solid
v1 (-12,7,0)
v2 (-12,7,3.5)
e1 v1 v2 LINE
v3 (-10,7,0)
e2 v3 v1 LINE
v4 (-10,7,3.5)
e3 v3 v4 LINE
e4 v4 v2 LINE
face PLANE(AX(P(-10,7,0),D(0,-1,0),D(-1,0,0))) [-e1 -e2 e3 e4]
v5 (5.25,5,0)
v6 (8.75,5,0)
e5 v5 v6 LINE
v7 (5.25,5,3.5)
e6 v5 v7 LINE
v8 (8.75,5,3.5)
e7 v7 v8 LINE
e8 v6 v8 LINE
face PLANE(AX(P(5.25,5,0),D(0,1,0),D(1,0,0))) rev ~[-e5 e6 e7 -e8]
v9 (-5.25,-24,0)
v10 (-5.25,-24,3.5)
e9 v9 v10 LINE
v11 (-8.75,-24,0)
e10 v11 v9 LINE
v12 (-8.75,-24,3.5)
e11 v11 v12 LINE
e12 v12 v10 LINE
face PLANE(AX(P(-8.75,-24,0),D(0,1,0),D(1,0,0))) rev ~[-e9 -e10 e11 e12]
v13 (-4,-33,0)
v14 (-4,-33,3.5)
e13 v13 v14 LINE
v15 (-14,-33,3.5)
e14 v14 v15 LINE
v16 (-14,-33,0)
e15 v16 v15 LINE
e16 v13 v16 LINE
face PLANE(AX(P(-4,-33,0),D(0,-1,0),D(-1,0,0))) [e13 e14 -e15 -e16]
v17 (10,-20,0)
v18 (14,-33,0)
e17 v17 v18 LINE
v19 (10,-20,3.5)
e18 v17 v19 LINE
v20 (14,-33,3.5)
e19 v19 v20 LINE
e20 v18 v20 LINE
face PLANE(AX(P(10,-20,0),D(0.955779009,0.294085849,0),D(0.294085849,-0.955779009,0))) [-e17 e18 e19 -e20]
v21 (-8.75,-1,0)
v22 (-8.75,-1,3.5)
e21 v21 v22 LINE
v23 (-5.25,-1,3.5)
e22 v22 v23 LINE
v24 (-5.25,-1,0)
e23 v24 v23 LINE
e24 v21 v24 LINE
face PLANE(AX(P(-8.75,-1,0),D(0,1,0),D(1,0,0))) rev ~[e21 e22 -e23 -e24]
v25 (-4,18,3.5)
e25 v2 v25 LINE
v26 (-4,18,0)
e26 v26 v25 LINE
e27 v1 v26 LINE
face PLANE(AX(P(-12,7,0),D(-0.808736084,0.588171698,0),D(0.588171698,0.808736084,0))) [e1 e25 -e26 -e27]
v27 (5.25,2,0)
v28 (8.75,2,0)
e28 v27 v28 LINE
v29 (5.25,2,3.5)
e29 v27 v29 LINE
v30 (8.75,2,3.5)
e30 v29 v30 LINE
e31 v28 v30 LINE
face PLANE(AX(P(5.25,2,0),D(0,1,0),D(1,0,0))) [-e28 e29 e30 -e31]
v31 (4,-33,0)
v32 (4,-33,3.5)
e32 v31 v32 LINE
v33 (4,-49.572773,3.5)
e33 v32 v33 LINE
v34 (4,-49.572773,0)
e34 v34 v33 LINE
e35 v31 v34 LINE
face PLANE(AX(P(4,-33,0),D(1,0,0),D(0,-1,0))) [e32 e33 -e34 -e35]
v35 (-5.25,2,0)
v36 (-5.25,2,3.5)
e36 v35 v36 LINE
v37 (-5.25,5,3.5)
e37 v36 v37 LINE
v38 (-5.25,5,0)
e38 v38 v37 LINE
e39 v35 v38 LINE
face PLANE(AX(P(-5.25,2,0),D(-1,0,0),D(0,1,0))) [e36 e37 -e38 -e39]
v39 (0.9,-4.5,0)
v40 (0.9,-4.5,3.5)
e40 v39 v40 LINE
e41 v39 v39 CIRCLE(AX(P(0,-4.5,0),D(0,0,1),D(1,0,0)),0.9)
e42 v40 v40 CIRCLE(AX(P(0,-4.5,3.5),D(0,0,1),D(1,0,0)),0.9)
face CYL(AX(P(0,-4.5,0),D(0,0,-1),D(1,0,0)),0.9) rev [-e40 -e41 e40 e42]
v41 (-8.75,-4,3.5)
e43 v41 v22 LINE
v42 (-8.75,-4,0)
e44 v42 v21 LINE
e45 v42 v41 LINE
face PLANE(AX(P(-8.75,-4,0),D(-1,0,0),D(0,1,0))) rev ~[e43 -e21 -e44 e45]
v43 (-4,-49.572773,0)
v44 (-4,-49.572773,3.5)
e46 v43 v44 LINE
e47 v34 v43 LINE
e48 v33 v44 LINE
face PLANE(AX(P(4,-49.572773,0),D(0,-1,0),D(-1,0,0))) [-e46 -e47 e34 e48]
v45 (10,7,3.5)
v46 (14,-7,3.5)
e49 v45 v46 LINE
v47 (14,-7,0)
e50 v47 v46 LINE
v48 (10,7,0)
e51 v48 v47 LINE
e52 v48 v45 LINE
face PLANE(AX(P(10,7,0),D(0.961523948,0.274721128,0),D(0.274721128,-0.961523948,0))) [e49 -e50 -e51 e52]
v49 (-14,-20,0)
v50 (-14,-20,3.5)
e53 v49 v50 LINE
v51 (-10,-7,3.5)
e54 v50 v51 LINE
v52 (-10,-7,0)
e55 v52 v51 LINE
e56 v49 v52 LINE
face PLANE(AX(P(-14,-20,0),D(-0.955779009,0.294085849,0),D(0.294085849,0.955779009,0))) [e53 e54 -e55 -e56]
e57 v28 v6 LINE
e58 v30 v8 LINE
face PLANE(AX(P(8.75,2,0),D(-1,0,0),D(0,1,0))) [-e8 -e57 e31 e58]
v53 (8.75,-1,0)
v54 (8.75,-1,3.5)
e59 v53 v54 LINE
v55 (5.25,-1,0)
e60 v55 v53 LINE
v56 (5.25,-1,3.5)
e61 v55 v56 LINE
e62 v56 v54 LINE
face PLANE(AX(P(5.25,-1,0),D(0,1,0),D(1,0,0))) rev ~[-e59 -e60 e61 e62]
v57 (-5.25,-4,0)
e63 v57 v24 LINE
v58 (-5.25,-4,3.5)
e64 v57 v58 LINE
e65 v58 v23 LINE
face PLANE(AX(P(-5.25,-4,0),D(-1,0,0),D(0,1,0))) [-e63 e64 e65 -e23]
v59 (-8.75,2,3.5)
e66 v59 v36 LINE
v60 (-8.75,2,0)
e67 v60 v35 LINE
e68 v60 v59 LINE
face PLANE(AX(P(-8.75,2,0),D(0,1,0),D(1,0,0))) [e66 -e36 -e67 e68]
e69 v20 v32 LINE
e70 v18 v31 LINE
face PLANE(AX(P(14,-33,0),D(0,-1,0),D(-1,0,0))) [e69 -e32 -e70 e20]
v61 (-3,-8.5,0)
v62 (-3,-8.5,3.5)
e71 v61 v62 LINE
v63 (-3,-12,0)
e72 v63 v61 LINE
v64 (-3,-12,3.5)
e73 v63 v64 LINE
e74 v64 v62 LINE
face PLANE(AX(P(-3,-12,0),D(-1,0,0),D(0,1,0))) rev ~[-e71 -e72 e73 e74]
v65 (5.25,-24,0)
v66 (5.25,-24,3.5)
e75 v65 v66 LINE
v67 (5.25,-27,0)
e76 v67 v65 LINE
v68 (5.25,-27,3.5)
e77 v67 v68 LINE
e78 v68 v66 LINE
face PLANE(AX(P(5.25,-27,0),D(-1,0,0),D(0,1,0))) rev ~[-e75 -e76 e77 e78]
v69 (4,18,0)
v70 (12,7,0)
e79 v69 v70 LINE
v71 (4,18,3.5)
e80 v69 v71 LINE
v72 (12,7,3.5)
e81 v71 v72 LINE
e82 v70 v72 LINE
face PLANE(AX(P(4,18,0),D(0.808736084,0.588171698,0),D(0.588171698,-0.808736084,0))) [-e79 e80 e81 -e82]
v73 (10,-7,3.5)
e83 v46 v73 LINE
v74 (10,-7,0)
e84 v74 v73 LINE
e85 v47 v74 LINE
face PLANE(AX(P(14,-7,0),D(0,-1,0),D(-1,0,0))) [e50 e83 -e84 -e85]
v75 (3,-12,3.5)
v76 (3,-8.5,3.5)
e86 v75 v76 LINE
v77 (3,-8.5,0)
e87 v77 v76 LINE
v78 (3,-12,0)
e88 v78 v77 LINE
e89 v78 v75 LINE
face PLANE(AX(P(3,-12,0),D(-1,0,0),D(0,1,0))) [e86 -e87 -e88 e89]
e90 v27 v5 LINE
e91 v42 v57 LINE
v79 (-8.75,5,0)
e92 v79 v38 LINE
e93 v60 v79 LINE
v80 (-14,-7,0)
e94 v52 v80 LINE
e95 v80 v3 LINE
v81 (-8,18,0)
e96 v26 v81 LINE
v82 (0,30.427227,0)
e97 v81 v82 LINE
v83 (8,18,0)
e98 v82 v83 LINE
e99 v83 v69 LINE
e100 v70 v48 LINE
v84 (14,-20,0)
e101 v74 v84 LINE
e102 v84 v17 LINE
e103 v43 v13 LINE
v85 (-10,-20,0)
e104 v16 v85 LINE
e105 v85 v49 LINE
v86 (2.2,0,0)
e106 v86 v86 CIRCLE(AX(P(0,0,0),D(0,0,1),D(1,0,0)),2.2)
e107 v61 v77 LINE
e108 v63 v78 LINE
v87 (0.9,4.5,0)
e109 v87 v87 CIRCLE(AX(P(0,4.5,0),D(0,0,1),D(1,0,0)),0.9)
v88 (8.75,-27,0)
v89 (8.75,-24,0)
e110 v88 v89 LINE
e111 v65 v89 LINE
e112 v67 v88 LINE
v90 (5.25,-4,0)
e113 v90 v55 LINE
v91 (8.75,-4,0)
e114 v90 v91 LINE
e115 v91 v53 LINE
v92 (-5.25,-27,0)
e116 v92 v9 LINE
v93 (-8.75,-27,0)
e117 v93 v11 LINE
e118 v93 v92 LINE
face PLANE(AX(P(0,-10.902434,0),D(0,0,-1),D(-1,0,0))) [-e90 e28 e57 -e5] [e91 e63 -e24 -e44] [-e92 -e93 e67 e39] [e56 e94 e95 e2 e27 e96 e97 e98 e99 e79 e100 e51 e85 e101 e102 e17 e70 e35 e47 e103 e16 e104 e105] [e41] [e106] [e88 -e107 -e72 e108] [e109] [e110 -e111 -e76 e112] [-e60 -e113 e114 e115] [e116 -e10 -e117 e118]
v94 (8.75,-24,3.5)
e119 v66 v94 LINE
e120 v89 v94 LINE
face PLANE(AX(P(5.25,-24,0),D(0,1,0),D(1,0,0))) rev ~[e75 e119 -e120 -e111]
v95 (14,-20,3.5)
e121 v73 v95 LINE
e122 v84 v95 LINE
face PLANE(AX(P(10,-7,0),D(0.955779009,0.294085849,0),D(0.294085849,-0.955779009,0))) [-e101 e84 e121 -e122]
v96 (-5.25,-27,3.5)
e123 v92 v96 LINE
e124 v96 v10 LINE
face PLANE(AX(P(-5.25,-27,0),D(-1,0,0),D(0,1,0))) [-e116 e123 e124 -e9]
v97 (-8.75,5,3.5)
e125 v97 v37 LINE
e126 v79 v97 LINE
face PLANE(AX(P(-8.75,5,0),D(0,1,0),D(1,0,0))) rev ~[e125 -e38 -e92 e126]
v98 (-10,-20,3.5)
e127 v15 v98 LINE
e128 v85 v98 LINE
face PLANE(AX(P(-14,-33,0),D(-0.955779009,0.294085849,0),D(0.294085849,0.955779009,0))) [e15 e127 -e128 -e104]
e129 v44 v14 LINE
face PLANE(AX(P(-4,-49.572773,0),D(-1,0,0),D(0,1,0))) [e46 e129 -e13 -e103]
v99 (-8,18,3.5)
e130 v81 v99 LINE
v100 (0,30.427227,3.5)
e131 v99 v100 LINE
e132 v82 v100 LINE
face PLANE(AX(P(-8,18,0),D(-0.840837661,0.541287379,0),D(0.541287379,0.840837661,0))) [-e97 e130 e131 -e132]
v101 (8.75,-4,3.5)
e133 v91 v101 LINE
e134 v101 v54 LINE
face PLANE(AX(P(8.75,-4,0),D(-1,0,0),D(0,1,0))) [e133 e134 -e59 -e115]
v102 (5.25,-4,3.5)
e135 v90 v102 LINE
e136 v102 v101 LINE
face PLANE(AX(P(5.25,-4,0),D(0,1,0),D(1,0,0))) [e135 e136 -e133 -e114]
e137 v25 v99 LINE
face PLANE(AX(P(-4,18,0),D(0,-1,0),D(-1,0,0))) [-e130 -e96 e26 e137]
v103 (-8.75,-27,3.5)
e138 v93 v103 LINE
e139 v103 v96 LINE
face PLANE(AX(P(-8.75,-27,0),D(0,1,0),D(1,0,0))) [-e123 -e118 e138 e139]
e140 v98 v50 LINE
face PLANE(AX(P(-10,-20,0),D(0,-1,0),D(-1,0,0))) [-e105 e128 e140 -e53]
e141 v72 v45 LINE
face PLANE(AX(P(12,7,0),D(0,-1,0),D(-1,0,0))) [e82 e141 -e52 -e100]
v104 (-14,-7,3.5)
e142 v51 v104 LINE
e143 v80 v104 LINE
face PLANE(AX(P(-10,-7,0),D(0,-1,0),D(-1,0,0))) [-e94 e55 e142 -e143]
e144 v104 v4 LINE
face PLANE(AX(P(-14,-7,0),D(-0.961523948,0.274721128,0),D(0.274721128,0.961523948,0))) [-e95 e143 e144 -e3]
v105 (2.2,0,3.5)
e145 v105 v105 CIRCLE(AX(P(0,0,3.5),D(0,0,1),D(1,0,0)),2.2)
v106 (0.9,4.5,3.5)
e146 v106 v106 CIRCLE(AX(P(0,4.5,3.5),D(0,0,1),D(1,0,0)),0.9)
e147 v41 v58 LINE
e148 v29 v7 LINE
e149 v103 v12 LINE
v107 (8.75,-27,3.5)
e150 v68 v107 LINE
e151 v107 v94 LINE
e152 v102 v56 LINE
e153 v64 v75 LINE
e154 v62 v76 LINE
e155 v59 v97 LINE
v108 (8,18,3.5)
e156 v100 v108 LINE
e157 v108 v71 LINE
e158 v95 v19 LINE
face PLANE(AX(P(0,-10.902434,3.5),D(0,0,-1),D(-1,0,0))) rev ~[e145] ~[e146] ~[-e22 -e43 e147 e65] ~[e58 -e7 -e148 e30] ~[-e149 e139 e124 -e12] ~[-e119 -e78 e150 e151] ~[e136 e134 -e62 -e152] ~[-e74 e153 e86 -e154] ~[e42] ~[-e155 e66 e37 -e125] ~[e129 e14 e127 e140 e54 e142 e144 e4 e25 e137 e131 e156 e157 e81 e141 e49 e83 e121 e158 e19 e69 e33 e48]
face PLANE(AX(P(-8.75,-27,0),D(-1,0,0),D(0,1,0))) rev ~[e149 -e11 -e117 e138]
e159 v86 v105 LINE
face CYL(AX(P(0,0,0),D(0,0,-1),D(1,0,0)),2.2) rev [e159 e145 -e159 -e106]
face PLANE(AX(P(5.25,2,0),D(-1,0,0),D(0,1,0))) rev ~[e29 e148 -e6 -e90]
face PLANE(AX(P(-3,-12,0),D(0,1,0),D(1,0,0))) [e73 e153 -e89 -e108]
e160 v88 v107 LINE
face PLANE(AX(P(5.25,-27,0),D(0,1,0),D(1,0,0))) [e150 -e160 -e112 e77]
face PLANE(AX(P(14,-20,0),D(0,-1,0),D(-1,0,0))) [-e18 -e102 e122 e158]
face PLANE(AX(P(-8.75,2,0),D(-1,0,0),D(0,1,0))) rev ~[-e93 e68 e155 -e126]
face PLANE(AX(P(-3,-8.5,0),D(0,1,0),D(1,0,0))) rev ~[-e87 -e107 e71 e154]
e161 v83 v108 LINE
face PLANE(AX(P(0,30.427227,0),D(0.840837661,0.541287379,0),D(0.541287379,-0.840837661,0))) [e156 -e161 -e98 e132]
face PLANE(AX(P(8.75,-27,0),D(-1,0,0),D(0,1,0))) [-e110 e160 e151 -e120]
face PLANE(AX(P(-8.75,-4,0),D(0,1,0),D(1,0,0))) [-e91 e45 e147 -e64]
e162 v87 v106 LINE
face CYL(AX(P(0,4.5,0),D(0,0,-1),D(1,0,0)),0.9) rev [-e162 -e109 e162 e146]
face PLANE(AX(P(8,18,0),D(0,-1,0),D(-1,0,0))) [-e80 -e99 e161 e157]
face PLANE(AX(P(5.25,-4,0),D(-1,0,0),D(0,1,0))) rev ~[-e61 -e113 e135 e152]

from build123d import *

# Parameters (mm, degrees)
PROFILE_LASER_PROFILE_3P5_R   = 2.2
PROFILE_LASER_PROFILE_3P5_R_2 = 0.9
PROFILE_LASER_PROFILE_3P5_W   = 3.5
PROFILE_LASER_PROFILE_3P5_H   = 3
PROFILE_LASER_PROFILE_3P5_W_2 = 6
PROFILE_LASER_PROFILE_3P5_H_2 = 3.5
LASER_PROFILE_3P5_DEPTH       = 3.5


with BuildPart() as part:
    # Profile_Laser_profile_3p5 → Laser_profile_3p5 (new body)
    with BuildSketch(Plane.XY):
        Polygon((0, 30.427227289), (8, 18), (4, 18), (12, 7), (10, 7), (14, -7), (10, -7), (14, -20), (10, -20), (14, -33), (4, -33), (4, -49.572772711), (-4, -49.572772711), (-4, -33), (-14, -33), (-10, -20), (-14, -20), (-10, -7), (-14, -7), (-10, 7), (-12, 7), (-4, 18), (-8, 18), align=None)
        Circle(PROFILE_LASER_PROFILE_3P5_R, mode=Mode.SUBTRACT)
        with Locations((0, -4.5)):
            Circle(PROFILE_LASER_PROFILE_3P5_R_2, mode=Mode.SUBTRACT)
        with Locations((0, 4.5)):
            Circle(PROFILE_LASER_PROFILE_3P5_R_2, mode=Mode.SUBTRACT)
        with Locations((-7, 3.5)):
            Rectangle(PROFILE_LASER_PROFILE_3P5_W, PROFILE_LASER_PROFILE_3P5_H, mode=Mode.SUBTRACT)
        with Locations((-7, -2.5)):
            Rectangle(PROFILE_LASER_PROFILE_3P5_W, PROFILE_LASER_PROFILE_3P5_H, mode=Mode.SUBTRACT)
        with Locations((-7, -25.5)):
            Rectangle(PROFILE_LASER_PROFILE_3P5_W, PROFILE_LASER_PROFILE_3P5_H, mode=Mode.SUBTRACT)
        with Locations((7, 3.5)):
            Rectangle(PROFILE_LASER_PROFILE_3P5_W, PROFILE_LASER_PROFILE_3P5_H, mode=Mode.SUBTRACT)
        with Locations((7, -2.5)):
            Rectangle(PROFILE_LASER_PROFILE_3P5_W, PROFILE_LASER_PROFILE_3P5_H, mode=Mode.SUBTRACT)
        with Locations((7, -25.5)):
            Rectangle(PROFILE_LASER_PROFILE_3P5_W, PROFILE_LASER_PROFILE_3P5_H, mode=Mode.SUBTRACT)
        with Locations((0, -10.25)):
            Rectangle(PROFILE_LASER_PROFILE_3P5_W_2, PROFILE_LASER_PROFILE_3P5_H_2, mode=Mode.SUBTRACT)
    extrude(amount=LASER_PROFILE_3P5_DEPTH)


solid = part.part
